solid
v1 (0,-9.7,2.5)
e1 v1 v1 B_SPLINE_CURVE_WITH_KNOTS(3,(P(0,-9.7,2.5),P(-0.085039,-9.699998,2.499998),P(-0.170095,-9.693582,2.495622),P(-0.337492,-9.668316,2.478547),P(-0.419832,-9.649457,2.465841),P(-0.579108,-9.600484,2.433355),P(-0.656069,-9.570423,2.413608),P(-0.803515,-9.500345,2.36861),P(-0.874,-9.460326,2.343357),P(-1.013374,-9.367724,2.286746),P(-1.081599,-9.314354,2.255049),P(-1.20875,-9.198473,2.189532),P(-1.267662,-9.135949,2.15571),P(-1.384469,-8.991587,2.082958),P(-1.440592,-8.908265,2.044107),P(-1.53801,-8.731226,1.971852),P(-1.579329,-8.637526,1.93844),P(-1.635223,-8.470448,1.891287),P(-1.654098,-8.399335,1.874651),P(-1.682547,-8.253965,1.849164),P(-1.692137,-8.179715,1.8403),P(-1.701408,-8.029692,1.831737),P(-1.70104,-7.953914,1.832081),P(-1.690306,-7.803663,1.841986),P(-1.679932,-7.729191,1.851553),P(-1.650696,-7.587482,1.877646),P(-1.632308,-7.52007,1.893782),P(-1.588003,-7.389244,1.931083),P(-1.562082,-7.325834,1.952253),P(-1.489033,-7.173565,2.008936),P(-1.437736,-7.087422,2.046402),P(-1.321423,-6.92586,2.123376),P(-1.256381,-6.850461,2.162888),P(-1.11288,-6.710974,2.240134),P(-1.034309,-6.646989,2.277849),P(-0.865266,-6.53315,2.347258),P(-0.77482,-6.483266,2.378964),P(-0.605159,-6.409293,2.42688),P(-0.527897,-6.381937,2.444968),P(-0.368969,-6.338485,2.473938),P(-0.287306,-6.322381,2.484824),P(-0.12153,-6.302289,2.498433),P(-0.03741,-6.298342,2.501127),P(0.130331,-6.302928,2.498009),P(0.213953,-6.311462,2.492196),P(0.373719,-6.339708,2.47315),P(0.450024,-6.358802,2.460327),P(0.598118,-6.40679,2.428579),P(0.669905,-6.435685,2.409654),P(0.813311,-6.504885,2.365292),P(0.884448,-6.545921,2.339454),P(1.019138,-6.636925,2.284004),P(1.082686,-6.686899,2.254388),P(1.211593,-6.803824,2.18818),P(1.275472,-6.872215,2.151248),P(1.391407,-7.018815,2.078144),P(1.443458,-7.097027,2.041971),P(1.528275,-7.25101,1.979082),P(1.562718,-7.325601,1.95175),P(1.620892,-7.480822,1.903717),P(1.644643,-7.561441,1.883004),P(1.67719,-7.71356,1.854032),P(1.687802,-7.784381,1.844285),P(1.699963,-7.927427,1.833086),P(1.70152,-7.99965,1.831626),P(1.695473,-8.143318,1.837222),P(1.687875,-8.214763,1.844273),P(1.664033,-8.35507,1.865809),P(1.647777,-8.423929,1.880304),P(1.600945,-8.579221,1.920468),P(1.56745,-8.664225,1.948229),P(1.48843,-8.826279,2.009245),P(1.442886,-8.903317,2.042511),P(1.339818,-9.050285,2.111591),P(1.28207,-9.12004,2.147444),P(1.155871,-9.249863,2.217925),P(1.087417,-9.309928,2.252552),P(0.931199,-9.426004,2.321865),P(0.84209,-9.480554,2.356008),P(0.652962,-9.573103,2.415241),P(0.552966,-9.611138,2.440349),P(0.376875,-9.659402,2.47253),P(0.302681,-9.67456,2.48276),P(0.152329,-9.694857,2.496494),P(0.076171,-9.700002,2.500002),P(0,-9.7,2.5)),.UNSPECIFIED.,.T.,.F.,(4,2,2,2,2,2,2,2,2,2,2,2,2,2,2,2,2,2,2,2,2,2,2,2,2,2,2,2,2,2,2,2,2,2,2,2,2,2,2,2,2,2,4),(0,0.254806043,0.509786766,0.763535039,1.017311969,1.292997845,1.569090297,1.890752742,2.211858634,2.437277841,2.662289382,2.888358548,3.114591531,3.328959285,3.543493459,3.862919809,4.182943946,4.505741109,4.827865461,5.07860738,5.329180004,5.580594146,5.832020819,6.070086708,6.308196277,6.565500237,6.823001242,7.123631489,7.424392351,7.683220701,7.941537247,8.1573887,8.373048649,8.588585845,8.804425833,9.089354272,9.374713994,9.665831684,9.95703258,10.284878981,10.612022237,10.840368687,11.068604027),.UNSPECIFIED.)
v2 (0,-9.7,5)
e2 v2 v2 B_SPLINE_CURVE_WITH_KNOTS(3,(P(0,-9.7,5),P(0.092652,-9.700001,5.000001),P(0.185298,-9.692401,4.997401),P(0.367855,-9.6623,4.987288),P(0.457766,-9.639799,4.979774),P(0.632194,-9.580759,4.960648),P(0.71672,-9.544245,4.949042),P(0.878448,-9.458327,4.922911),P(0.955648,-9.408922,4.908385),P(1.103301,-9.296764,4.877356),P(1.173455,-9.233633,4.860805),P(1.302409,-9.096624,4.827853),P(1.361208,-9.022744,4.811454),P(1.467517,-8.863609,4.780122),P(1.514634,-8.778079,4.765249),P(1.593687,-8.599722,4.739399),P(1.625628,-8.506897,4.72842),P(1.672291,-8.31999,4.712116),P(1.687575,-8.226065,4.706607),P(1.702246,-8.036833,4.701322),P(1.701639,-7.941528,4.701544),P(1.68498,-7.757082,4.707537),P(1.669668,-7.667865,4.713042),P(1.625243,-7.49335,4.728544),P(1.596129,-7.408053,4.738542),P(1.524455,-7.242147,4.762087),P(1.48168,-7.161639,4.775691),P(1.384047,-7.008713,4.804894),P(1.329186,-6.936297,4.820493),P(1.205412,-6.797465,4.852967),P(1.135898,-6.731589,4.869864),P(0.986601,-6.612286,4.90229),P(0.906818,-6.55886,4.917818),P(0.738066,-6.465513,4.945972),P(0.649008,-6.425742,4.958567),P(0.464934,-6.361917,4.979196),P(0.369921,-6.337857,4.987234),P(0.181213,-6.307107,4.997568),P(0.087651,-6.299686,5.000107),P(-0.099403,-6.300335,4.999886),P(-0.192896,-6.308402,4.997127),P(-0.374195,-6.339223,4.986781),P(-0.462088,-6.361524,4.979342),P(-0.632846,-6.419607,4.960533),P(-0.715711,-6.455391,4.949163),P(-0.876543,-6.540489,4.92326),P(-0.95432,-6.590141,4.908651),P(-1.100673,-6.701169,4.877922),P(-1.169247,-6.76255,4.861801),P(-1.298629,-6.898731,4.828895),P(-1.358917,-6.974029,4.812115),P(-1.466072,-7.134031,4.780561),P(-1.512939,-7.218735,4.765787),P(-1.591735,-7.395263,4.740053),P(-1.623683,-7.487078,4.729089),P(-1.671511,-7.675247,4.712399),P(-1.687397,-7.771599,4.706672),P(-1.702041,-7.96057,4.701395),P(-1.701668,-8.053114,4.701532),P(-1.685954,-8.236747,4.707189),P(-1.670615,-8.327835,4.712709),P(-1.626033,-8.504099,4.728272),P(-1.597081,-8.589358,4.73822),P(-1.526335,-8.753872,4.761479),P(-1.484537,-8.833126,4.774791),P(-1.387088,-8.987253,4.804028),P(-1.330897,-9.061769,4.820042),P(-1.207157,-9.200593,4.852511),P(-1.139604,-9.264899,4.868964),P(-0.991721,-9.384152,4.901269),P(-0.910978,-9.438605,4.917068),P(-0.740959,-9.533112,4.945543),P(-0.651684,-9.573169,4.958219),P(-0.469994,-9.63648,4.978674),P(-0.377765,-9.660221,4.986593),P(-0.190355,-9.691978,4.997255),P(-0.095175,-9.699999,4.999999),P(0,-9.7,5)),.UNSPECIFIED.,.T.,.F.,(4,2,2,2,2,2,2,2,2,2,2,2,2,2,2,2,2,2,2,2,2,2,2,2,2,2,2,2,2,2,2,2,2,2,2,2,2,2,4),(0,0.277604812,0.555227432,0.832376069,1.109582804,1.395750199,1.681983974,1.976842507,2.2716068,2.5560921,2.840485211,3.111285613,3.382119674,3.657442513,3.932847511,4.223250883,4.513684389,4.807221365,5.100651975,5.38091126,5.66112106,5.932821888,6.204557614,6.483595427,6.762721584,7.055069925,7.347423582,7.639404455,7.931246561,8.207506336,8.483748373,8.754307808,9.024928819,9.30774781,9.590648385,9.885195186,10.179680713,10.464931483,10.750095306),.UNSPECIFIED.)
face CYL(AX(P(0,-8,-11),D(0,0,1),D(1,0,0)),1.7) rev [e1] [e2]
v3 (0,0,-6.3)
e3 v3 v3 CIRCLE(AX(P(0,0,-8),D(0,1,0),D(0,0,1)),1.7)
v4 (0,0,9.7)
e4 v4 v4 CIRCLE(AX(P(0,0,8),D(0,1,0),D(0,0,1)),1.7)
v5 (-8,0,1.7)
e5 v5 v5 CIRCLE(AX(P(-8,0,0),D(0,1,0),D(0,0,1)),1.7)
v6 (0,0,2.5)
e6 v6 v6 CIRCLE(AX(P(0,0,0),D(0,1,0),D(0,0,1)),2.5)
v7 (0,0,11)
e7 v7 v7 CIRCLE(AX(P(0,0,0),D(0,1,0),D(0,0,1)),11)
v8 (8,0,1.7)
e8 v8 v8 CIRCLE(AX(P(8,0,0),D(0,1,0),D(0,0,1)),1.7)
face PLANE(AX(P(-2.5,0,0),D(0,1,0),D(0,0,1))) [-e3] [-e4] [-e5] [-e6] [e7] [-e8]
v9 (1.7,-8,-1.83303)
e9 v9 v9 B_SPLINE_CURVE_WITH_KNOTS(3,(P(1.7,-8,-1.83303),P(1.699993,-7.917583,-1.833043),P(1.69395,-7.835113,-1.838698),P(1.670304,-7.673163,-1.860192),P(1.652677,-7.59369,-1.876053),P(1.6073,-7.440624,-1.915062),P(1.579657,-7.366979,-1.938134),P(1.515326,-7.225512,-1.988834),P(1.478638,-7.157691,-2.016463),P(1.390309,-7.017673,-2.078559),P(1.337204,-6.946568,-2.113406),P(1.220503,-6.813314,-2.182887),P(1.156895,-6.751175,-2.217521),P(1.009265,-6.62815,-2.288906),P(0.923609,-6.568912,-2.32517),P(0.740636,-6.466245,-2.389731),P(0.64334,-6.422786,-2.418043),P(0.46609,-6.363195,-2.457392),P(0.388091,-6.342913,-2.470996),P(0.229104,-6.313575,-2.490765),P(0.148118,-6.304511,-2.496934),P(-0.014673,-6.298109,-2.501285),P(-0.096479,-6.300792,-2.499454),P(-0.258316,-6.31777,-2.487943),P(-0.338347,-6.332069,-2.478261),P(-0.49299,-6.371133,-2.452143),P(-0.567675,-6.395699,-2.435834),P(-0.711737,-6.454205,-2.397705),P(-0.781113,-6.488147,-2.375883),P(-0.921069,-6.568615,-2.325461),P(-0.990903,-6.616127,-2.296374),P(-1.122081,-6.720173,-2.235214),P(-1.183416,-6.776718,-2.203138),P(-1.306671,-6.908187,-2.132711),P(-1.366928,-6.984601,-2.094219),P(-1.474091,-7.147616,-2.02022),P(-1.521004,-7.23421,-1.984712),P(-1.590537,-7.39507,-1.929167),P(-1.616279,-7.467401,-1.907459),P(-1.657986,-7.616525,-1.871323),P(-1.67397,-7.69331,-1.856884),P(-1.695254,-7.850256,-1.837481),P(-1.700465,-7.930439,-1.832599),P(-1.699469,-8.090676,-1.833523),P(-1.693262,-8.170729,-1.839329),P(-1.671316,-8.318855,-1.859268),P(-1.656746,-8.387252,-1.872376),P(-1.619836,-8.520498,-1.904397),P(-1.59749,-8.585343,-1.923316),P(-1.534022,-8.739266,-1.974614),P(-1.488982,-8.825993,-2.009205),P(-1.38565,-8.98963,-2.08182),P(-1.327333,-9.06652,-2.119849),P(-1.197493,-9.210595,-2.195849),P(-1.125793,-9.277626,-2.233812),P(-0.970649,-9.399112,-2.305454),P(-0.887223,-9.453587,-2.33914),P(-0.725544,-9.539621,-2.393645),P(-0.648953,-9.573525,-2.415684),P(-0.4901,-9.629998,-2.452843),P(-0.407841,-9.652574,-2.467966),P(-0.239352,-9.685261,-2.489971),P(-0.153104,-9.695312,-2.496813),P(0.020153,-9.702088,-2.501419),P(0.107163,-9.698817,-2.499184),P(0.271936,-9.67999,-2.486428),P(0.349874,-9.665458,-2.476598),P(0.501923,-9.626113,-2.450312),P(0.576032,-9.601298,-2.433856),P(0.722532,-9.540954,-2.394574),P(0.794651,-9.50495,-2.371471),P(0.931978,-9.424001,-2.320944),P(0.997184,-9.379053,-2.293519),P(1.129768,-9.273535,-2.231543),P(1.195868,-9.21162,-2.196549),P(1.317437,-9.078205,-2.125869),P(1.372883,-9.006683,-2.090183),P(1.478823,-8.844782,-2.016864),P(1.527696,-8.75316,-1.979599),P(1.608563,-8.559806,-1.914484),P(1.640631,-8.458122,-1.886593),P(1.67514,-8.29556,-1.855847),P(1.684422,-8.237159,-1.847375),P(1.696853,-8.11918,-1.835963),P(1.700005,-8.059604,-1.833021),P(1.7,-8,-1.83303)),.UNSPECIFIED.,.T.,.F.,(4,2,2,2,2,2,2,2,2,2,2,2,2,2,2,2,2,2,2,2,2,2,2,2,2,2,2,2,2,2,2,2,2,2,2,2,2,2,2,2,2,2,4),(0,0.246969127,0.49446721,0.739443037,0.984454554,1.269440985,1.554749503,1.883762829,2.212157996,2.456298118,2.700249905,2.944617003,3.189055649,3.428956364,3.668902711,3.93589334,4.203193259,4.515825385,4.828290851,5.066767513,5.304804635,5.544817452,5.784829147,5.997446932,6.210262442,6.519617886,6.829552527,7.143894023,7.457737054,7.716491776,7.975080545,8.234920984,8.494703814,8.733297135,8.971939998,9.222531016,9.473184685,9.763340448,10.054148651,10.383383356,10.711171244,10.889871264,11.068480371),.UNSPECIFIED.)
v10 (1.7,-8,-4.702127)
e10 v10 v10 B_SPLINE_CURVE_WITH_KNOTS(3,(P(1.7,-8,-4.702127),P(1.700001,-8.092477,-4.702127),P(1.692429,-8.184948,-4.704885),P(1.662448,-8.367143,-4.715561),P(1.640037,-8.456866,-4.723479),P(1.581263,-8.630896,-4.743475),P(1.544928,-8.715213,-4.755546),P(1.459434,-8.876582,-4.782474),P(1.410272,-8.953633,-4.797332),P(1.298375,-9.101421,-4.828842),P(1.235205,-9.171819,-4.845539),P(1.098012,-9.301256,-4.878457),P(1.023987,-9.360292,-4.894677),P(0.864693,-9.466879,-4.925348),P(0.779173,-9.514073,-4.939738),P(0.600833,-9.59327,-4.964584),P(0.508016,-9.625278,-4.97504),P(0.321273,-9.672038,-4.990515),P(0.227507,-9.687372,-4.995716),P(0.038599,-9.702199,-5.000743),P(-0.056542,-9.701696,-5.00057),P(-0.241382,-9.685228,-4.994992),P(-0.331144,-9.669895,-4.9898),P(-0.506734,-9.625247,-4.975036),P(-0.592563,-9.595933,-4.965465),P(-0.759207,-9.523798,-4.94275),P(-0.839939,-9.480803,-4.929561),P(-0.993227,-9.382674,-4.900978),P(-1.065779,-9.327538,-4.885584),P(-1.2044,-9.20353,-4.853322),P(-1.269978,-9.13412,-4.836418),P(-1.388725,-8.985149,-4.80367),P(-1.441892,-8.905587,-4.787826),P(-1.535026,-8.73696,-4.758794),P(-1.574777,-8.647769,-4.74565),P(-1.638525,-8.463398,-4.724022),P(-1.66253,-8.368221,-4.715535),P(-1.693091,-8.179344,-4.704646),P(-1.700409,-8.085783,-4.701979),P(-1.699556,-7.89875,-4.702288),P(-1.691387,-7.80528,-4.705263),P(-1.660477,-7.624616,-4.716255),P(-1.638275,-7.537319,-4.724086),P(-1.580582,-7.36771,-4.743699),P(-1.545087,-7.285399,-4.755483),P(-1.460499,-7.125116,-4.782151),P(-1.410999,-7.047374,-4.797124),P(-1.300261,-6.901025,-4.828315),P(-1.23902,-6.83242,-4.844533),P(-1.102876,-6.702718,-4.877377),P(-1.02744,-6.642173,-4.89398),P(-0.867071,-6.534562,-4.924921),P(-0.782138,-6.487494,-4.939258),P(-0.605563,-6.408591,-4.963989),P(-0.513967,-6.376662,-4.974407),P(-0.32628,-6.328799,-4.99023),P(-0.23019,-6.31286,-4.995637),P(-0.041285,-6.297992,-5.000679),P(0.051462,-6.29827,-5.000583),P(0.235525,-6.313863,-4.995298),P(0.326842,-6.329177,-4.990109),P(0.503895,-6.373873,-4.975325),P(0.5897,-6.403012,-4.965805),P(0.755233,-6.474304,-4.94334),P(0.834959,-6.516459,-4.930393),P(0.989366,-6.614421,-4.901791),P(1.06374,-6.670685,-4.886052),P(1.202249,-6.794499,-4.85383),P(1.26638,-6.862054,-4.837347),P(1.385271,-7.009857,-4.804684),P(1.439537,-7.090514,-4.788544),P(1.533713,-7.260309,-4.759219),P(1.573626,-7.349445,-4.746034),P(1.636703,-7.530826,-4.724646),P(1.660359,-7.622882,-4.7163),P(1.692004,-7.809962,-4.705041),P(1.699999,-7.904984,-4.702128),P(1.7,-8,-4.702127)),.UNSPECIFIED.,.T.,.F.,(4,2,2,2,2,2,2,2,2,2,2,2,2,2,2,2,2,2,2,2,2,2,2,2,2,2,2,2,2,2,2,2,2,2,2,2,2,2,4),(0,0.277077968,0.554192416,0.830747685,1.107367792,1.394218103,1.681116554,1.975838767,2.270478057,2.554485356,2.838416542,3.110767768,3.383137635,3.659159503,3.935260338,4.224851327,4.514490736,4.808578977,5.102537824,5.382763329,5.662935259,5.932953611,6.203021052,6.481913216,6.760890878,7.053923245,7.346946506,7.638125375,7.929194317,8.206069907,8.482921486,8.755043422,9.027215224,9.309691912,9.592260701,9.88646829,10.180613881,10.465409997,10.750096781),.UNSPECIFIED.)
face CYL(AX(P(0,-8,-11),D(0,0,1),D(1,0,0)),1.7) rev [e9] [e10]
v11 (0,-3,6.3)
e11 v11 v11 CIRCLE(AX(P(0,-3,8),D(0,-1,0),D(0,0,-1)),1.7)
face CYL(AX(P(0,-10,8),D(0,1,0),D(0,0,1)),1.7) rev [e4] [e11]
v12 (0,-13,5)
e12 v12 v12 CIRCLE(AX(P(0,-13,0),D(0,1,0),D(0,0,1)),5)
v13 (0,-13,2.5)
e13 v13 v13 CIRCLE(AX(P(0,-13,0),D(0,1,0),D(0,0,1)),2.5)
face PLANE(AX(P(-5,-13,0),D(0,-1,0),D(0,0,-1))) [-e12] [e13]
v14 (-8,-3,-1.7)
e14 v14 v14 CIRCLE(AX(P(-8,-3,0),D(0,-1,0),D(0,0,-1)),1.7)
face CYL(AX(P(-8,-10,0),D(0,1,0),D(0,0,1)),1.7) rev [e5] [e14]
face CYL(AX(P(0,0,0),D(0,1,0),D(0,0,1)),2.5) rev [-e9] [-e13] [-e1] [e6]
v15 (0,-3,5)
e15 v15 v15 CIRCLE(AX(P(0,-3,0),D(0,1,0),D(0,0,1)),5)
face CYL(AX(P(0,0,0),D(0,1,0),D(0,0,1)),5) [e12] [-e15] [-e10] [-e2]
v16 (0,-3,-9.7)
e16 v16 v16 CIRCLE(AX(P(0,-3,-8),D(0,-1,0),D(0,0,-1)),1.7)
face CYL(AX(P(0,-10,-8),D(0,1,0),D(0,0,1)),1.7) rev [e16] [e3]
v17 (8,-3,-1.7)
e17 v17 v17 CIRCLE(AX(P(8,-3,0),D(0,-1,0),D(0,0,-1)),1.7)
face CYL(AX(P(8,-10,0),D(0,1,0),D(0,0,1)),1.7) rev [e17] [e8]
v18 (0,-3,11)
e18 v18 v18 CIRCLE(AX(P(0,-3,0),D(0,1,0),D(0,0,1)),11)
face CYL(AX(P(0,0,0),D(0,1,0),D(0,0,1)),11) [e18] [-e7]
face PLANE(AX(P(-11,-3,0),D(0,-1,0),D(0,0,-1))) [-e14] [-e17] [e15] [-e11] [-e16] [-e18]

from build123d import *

# Parameters (mm, degrees)
SKETCH_2_R               = 1.7
CUT_EXTRUDE_1_DEPTH      = 10
CUT_EXTRUDE_2_DEPTH      = 21.273134933
CUT_EXTRUDE_2_DEPTH_BACK = 21.273134933
SKETCH_3_R               = 1.7


with BuildPart() as part:
    # 草图1 → 旋转1 (revolve)
    with BuildSketch(Plane.XY, mode=Mode.PRIVATE) as revolve_1_sk:
        Polygon((-2.5, 0), (-11, 0), (-11, -3), (-5, -3), (-5, -13), (-2.5, -13), align=None)
    revolve(revolve_1_sk.sketch.rotate(Axis((0, 0, 0), (0, -1, 0)), 270), axis=Axis((0, 0, 0), (0, -1, 0)))

    # 草图2 → 切除-拉伸1 (cut)
    with BuildSketch(Plane(origin=(0, 0, 0), x_dir=(1, 0, 0), z_dir=(0, 1, 0))):
        with Locations(Location((0, 8, 0), (0, 0, 270))):
            Circle(SKETCH_2_R)
        with Locations(Location((8, 0, 0), (0, 0, 270))):
            Circle(SKETCH_2_R)
        with Locations(Location((0, -8, 0), (0, 0, 270))):
            Circle(SKETCH_2_R)
        with Locations(Location((-8, 0, 0), (0, 0, 270))):
            Circle(SKETCH_2_R)
    extrude(amount=-CUT_EXTRUDE_1_DEPTH, mode=Mode.SUBTRACT)

    # 草图3 → 切除-拉伸2 (cut, two sides: drawn at the far end of the back side and taken through both)
    with BuildSketch(Plane.XY.offset(-CUT_EXTRUDE_2_DEPTH_BACK)):
        with Locations((0, -8)):
            Circle(SKETCH_3_R)
    extrude(amount=CUT_EXTRUDE_2_DEPTH + CUT_EXTRUDE_2_DEPTH_BACK, mode=Mode.SUBTRACT)


solid = part.part
